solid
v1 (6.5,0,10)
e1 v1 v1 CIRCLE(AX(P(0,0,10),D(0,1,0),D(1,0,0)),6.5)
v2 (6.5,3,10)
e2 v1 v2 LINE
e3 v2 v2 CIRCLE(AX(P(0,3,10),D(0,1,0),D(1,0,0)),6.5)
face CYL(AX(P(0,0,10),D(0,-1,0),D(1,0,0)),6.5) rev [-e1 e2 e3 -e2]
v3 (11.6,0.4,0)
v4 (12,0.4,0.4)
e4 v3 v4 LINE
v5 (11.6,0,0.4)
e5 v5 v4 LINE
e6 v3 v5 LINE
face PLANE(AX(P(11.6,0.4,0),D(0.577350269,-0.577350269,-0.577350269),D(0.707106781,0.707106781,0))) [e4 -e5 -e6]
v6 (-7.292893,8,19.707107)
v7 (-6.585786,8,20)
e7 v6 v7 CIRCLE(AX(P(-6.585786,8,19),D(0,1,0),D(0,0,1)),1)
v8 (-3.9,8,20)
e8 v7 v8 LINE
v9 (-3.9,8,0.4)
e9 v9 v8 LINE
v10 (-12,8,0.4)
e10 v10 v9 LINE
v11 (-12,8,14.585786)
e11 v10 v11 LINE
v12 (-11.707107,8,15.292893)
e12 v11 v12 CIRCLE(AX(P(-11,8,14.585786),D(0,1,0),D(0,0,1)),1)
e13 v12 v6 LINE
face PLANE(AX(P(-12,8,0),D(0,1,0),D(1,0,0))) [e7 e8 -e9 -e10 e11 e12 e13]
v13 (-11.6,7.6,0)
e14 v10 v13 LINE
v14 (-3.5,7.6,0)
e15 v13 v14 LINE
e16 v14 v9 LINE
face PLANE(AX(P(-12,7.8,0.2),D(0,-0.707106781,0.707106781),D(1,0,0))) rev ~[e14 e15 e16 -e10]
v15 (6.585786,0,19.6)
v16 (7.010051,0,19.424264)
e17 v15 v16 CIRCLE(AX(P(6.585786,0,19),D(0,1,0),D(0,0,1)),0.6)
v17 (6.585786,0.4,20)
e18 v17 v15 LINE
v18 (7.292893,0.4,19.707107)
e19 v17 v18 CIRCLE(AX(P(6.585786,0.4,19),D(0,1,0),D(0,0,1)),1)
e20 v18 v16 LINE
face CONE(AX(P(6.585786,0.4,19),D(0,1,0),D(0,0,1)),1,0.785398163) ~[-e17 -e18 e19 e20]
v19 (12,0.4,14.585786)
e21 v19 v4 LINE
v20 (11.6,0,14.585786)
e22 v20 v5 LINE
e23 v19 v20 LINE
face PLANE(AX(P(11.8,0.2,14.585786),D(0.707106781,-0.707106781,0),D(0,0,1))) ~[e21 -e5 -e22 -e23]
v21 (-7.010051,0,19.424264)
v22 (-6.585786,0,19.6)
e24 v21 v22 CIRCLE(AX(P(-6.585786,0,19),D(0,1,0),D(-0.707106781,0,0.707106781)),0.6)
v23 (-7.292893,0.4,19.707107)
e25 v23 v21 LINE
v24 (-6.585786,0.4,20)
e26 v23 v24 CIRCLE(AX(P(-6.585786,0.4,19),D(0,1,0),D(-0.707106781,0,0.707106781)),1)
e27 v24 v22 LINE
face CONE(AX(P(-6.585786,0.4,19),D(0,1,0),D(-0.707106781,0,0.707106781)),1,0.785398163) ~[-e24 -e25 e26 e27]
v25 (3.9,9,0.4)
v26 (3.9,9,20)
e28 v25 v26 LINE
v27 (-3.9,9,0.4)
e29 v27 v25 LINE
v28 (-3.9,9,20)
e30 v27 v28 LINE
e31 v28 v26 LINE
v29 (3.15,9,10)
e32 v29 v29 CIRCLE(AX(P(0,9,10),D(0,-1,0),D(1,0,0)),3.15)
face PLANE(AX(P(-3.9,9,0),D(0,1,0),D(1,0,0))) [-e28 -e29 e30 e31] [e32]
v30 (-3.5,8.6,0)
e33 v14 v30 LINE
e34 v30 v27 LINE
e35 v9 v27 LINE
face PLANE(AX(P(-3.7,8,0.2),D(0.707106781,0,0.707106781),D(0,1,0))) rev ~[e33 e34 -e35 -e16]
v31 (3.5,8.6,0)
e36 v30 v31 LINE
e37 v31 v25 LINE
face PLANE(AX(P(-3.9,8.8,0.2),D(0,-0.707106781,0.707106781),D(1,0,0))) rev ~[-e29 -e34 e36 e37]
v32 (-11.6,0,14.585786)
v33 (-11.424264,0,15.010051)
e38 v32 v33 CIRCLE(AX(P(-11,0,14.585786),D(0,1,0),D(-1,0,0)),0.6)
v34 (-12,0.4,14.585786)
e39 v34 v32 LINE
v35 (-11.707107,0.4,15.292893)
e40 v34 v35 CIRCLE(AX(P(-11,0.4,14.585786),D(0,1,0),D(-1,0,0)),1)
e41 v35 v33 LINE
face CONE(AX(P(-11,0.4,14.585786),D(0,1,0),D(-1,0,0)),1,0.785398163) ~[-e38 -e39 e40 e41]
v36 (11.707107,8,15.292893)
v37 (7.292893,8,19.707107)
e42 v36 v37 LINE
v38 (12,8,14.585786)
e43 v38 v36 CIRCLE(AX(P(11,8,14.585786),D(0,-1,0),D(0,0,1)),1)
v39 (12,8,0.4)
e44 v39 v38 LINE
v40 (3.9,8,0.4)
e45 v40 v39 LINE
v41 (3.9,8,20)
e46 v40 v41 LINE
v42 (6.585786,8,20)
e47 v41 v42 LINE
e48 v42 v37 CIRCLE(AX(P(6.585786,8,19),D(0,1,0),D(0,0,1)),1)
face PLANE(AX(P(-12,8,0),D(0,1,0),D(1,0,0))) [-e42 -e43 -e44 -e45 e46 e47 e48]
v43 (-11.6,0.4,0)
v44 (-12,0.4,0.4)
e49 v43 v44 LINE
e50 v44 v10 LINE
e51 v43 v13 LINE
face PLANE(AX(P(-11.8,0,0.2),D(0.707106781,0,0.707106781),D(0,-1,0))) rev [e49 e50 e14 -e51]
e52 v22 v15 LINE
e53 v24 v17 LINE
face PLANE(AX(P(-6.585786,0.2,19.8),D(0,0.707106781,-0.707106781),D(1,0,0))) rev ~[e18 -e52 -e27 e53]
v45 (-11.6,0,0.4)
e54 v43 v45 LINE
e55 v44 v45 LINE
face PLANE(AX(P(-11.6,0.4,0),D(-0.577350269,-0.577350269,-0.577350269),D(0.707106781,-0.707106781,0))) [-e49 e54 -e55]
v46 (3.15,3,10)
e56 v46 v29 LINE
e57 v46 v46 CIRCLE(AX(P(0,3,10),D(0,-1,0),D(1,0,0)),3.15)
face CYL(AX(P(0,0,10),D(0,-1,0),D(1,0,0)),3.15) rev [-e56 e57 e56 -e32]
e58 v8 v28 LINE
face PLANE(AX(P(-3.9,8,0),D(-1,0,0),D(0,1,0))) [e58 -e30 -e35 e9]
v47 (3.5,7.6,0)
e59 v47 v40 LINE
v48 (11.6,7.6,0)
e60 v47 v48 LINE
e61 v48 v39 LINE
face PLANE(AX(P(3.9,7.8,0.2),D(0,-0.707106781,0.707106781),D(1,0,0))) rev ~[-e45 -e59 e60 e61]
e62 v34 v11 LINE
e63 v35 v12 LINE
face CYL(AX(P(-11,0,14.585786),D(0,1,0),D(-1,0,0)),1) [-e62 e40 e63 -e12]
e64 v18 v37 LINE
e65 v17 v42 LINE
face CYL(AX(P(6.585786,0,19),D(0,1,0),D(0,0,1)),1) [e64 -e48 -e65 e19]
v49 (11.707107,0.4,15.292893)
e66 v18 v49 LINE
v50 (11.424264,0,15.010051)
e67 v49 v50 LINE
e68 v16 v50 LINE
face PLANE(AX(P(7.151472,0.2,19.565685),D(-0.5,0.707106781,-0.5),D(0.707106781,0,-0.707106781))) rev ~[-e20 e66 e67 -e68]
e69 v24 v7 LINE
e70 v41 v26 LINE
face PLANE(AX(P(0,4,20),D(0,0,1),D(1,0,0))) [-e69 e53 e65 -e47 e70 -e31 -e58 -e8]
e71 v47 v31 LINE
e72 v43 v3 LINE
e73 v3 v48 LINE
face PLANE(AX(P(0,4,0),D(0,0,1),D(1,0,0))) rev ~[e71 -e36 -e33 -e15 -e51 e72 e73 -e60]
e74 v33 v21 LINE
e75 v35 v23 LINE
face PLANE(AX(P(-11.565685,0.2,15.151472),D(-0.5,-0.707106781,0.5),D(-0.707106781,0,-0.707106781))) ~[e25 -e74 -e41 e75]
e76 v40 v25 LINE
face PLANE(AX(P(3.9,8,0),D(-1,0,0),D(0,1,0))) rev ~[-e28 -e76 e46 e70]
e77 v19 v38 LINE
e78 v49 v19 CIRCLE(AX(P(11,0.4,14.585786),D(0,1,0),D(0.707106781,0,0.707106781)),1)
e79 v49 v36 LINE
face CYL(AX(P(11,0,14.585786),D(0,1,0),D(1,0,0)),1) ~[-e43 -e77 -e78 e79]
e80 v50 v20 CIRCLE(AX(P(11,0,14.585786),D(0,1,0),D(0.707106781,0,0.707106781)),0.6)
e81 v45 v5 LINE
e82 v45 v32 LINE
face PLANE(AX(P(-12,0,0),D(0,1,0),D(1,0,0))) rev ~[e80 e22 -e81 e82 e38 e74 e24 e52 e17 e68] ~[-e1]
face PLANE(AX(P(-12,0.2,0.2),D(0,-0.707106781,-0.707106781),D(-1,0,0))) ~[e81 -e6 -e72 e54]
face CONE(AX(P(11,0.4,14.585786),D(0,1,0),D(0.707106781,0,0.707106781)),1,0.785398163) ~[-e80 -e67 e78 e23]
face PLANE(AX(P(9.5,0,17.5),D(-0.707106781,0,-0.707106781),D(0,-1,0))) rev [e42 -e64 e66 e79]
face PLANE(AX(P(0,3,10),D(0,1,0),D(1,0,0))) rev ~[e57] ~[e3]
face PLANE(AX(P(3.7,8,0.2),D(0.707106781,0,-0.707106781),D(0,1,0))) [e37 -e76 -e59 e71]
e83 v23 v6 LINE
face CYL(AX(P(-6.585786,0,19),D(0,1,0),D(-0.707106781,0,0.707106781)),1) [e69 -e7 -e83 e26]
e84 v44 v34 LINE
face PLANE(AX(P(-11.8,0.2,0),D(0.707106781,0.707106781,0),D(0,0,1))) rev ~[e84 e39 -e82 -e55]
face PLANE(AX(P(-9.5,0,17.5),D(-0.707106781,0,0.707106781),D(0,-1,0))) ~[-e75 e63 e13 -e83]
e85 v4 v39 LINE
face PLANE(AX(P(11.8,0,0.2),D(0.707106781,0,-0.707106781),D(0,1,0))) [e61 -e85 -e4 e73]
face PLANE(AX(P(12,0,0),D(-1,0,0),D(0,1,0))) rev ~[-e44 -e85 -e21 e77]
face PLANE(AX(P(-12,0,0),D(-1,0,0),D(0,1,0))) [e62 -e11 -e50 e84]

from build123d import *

# Parameters (mm, degrees)
CYLINDER_R        = 3.15
CYLINDER_DEPTH    = 10
CYLINDER001_R     = 6.5
CYLINDER001_DEPTH = 3
BOX_W             = 24
BOX_H             = 8
BOX_DEPTH         = 20
CHAMFER_SIZE      = 5
BOX001_W          = 7.8
BOX001_H          = 1
BOX001_DEPTH      = 20
FILLET_R          = 1
CHAMFER001_SIZE   = 0.4


with BuildPart() as cylinder:
    # Cylinder → Cylinder (new body)
    with BuildSketch(Plane(origin=(0, 0, 10), x_dir=(1, 0, 0), z_dir=(0, 1, 0))):
        Circle(CYLINDER_R)
    extrude(amount=CYLINDER_DEPTH)


with BuildPart() as fusion:
    # Cylinder001 → Cylinder001 (new body)
    with BuildSketch(Plane(origin=(0, 0, 10), x_dir=(1, 0, 0), z_dir=(0, 1, 0))):
        Circle(CYLINDER001_R)
    extrude(amount=CYLINDER001_DEPTH)

    # Fusion: union Cylinder
    add(cylinder.part)


with BuildPart() as chamfer_body:
    # Box → Box (new body)
    with BuildSketch(Plane(origin=(-12, 0, 0), x_dir=(1, 0, 0), z_dir=(0, 0, 1))):
        with Locations((12, 4)):
            Rectangle(BOX_W, BOX_H)
    extrude(amount=BOX_DEPTH)

    # Chamfer
    chamfer_edges = [chamfer_body.edges().sort_by_distance(p)[0] for p in [
        (-12, 4, 20),
        (12, 4, 20),
    ]]
    chamfer(chamfer_edges, length=CHAMFER_SIZE)


with BuildPart() as chamfer001:
    # Box001 → Box001 (new body)
    with BuildSketch(Plane(origin=(-3.9, 8, 0), x_dir=(1, 0, 0), z_dir=(0, 0, 1))):
        with Locations((3.9, 0.5)):
            Rectangle(BOX001_W, BOX001_H)
    extrude(amount=BOX001_DEPTH)

    # Fusion001: union Chamfer body
    add(chamfer_body.part)

    # Cut: cut Fusion
    add(fusion.part, mode=Mode.SUBTRACT)

    # Fillet
    fillet_edges = [chamfer001.edges().sort_by_distance(p)[0] for p in [
        (-12, 4, 15),
        (-7, 4, 20),
        (12, 4, 15),
        (7, 4, 20),
    ]]
    fillet(fillet_edges, radius=FILLET_R)

    # Chamfer001
    chamfer001_edges = [chamfer001.edges().sort_by_distance(p)[0] for p in [
        (-12, 0, 7.292893),
        (-12, 4, 0),
        (12, 0, 7.292893),
        (0, 0, 0),
        (-11.92388, 0, 14.96847),
        (-9.5, 0, 17.5),
        (-6.96847, 0, 19.92388),
        (0, 0, 20),
        (6.96847, 0, 19.92388),
        (9.5, 0, 17.5),
        (11.92388, 0, 14.96847),
        (-7.95, 8, 0),
        (12, 4, 0),
        (7.95, 8, 0),
        (-3.9, 8.5, 0),
        (0, 9, 0),
        (3.9, 8.5, 0),
    ]]
    chamfer(chamfer001_edges, length=CHAMFER001_SIZE)


solid = chamfer001.part
